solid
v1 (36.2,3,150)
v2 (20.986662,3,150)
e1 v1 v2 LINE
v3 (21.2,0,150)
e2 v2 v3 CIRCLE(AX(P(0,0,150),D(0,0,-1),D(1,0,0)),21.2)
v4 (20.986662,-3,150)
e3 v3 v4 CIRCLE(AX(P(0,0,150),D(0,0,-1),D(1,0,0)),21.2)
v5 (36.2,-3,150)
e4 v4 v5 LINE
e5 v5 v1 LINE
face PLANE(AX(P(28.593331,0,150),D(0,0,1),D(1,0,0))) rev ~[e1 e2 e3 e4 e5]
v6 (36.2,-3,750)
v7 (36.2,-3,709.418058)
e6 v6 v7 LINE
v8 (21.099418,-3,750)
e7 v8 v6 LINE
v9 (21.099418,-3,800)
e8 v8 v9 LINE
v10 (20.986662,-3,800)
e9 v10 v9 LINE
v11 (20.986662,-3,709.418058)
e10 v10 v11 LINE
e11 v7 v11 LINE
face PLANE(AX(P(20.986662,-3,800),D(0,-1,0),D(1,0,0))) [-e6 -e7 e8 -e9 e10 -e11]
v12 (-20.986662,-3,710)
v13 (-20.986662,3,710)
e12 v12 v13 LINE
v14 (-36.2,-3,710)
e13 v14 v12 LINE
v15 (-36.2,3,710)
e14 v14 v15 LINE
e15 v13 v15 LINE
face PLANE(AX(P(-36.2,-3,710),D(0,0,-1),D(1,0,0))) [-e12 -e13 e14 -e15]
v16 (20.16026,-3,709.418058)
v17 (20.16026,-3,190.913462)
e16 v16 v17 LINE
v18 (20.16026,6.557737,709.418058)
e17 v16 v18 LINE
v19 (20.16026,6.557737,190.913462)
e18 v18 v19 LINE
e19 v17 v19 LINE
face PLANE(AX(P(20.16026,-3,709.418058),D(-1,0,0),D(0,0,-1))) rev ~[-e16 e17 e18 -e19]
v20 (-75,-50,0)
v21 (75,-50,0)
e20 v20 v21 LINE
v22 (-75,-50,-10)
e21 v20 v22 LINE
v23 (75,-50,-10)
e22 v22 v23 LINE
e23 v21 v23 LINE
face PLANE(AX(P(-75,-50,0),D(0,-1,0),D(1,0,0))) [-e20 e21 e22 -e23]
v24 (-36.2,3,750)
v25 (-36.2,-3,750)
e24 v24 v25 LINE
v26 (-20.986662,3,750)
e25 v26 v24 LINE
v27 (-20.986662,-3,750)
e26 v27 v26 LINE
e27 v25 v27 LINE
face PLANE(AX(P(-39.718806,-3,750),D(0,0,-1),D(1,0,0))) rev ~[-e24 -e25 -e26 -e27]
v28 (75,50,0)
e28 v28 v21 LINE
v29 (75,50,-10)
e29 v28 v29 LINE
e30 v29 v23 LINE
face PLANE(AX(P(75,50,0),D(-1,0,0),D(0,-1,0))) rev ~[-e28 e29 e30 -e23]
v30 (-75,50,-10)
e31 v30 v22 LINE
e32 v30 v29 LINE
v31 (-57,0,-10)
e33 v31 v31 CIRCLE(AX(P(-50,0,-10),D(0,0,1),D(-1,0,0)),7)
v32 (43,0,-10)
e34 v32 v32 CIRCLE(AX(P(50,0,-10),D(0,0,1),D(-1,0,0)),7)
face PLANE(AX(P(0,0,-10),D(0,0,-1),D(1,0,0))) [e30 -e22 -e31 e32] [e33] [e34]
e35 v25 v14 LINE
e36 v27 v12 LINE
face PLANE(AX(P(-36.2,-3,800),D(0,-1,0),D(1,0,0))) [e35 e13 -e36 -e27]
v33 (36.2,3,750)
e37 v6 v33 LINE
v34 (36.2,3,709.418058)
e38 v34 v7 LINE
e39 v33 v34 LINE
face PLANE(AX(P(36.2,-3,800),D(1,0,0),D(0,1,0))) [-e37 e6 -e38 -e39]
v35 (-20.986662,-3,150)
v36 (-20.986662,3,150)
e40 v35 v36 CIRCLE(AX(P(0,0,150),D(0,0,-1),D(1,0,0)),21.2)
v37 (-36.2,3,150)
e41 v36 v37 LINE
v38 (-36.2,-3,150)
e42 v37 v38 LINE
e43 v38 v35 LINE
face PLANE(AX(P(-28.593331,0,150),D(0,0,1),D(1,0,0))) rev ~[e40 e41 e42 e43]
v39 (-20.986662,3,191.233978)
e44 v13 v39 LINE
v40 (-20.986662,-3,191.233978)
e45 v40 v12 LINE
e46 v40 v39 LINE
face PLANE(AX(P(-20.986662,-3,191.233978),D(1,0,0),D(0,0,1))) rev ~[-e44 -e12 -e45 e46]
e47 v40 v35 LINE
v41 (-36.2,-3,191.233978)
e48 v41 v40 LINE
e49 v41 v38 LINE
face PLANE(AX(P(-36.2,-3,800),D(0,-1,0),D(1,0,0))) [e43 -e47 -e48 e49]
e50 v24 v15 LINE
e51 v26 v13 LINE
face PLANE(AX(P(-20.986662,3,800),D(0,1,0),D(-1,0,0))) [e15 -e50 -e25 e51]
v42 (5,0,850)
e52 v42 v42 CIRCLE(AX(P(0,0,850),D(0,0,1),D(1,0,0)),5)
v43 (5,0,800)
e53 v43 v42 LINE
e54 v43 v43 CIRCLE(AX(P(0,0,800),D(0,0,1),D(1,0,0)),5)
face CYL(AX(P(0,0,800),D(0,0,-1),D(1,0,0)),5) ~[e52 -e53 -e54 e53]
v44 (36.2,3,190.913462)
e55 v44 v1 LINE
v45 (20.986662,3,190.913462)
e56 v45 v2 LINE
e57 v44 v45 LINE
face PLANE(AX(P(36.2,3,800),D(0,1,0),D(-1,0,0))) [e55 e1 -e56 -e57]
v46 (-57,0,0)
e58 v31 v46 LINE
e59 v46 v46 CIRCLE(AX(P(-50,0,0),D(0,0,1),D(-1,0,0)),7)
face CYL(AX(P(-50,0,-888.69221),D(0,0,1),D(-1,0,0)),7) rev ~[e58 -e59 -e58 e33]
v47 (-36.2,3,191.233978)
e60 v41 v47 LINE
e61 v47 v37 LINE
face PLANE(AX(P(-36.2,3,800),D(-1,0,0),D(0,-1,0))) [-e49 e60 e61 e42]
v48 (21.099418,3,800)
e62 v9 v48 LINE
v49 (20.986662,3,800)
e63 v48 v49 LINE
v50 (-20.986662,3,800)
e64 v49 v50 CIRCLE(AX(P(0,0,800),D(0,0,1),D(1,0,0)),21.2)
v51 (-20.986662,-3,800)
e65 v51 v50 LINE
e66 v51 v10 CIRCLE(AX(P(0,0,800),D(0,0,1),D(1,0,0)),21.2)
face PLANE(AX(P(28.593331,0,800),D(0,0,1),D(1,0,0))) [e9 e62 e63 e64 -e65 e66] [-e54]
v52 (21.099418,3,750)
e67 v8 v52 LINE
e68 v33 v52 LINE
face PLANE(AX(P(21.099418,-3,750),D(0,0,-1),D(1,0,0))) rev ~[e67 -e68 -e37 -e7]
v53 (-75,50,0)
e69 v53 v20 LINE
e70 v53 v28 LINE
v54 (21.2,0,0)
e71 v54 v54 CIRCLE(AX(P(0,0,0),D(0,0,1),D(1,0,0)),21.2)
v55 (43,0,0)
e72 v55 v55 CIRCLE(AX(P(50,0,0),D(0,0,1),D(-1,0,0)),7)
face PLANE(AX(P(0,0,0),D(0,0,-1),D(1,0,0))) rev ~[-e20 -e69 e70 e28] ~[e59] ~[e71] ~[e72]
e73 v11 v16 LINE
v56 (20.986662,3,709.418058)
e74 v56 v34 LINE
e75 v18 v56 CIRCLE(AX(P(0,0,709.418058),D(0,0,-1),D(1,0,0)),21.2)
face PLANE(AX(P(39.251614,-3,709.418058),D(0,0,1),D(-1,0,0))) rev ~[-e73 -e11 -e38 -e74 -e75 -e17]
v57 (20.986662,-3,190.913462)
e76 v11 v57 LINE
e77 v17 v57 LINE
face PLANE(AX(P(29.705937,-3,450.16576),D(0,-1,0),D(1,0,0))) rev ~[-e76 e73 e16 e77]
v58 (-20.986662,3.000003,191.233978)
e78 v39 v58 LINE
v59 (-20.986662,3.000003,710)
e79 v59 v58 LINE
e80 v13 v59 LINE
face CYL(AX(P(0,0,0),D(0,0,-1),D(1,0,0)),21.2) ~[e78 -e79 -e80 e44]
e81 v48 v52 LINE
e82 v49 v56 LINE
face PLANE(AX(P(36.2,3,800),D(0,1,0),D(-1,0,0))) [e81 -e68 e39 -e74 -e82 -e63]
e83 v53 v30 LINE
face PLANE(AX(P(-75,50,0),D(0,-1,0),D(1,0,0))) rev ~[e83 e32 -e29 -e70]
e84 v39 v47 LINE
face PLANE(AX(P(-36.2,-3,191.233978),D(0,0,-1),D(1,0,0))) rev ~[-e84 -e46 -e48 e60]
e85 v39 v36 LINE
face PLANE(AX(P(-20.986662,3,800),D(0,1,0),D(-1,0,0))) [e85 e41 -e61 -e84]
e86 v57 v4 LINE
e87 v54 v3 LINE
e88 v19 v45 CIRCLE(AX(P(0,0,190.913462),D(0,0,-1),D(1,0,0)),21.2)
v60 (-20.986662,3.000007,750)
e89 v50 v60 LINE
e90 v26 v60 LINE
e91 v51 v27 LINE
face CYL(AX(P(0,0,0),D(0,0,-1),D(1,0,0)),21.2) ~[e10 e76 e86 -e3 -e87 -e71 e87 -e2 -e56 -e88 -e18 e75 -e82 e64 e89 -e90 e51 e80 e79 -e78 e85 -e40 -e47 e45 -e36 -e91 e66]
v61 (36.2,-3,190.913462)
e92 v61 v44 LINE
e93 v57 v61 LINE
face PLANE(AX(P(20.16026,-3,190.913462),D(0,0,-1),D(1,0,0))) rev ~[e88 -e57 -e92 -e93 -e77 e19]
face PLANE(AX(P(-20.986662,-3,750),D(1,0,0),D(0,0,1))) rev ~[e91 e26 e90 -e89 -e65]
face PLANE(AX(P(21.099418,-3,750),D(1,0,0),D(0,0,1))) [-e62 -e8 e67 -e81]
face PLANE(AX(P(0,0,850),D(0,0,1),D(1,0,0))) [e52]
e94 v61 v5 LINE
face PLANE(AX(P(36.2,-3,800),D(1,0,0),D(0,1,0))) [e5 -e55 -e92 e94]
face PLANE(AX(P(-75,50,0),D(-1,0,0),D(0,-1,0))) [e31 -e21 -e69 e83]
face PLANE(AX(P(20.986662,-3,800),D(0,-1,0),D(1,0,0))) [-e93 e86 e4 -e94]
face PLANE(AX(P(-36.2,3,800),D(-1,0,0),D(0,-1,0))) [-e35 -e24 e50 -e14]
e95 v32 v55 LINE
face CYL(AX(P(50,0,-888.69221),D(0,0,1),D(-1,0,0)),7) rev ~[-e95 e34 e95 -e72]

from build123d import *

# Parameters (mm, degrees)
F0_R      = 21.2
F1_DEPTH  = 800
F2_R      = 5
F3_DEPTH  = 50
F4_W      = 150
F4_H      = 100
F5_DEPTH  = 10
F7_D      = 14
F9_DEPTH  = 650
F10_W     = 18.732145
F10_H     = 50
F10_W_2   = 18.157326
F11_DEPTH = 25
F12_W     = 15.213338
F12_H     = 518.766022
F13_DEPTH = 25


with BuildPart() as f1:
    # F0 (on Top) → F1 (new body)
    with BuildSketch(Plane.XY):
        Circle(F0_R)
    extrude(amount=F1_DEPTH)

    # F2 (on face) → F3 (join)
    with BuildSketch(Plane.XY.offset(800)):
        Circle(F2_R)
    extrude(amount=F3_DEPTH)

    # F4 (on face) → F5 (join)
    with BuildSketch(Plane(origin=(0, 0, 0), x_dir=(1, 0, 0), z_dir=(0, 0, -1))):
        Rectangle(F4_W, F4_H)
    extrude(amount=F5_DEPTH)

    # F7 (through all)
    with Locations(Plane(origin=(0, 0, -10), x_dir=(1, 0, 0), z_dir=(0, 0, -1))):
        with Locations((-50, 0), (50, 0)):
            Hole(F7_D / 2)

    # F8 (on face) → F9 (join)
    with BuildSketch(Plane.XY.offset(800)):
        Polygon((36.2, -3), (36.2, 0), (36.2, 3), (20.986662, 3), (20.986662, -3), align=None)
        Polygon((-36.2, 3), (-36.2, 0), (-36.2, -3), (-20.986662, -3), (-20.986662, 3), align=None)
    extrude(amount=-F9_DEPTH)

    # F10 (on face) → F11 (cut)
    with BuildSketch(Plane.XZ.offset(3)):
        with Locations((-30.352734, 775)):
            Rectangle(F10_W, F10_H)
        with Locations((30.178081, 775)):
            Rectangle(F10_W_2, F10_H)
    extrude(amount=-F11_DEPTH, mode=Mode.SUBTRACT)

    # F12 (on face) → F13 (cut)
    with BuildSketch(Plane.XZ.offset(3)):
        with Locations((-28.593331, 450.616989)):
            Rectangle(F12_W, F12_H)
        Polygon((39.251614, 190.913462), (39.251614, 709.418058), (20.16026, 709.418058), (20.16026, 190.913462), (36.762826, 190.913462), align=None)
    extrude(amount=-F13_DEPTH, mode=Mode.SUBTRACT)


solid = f1.part
